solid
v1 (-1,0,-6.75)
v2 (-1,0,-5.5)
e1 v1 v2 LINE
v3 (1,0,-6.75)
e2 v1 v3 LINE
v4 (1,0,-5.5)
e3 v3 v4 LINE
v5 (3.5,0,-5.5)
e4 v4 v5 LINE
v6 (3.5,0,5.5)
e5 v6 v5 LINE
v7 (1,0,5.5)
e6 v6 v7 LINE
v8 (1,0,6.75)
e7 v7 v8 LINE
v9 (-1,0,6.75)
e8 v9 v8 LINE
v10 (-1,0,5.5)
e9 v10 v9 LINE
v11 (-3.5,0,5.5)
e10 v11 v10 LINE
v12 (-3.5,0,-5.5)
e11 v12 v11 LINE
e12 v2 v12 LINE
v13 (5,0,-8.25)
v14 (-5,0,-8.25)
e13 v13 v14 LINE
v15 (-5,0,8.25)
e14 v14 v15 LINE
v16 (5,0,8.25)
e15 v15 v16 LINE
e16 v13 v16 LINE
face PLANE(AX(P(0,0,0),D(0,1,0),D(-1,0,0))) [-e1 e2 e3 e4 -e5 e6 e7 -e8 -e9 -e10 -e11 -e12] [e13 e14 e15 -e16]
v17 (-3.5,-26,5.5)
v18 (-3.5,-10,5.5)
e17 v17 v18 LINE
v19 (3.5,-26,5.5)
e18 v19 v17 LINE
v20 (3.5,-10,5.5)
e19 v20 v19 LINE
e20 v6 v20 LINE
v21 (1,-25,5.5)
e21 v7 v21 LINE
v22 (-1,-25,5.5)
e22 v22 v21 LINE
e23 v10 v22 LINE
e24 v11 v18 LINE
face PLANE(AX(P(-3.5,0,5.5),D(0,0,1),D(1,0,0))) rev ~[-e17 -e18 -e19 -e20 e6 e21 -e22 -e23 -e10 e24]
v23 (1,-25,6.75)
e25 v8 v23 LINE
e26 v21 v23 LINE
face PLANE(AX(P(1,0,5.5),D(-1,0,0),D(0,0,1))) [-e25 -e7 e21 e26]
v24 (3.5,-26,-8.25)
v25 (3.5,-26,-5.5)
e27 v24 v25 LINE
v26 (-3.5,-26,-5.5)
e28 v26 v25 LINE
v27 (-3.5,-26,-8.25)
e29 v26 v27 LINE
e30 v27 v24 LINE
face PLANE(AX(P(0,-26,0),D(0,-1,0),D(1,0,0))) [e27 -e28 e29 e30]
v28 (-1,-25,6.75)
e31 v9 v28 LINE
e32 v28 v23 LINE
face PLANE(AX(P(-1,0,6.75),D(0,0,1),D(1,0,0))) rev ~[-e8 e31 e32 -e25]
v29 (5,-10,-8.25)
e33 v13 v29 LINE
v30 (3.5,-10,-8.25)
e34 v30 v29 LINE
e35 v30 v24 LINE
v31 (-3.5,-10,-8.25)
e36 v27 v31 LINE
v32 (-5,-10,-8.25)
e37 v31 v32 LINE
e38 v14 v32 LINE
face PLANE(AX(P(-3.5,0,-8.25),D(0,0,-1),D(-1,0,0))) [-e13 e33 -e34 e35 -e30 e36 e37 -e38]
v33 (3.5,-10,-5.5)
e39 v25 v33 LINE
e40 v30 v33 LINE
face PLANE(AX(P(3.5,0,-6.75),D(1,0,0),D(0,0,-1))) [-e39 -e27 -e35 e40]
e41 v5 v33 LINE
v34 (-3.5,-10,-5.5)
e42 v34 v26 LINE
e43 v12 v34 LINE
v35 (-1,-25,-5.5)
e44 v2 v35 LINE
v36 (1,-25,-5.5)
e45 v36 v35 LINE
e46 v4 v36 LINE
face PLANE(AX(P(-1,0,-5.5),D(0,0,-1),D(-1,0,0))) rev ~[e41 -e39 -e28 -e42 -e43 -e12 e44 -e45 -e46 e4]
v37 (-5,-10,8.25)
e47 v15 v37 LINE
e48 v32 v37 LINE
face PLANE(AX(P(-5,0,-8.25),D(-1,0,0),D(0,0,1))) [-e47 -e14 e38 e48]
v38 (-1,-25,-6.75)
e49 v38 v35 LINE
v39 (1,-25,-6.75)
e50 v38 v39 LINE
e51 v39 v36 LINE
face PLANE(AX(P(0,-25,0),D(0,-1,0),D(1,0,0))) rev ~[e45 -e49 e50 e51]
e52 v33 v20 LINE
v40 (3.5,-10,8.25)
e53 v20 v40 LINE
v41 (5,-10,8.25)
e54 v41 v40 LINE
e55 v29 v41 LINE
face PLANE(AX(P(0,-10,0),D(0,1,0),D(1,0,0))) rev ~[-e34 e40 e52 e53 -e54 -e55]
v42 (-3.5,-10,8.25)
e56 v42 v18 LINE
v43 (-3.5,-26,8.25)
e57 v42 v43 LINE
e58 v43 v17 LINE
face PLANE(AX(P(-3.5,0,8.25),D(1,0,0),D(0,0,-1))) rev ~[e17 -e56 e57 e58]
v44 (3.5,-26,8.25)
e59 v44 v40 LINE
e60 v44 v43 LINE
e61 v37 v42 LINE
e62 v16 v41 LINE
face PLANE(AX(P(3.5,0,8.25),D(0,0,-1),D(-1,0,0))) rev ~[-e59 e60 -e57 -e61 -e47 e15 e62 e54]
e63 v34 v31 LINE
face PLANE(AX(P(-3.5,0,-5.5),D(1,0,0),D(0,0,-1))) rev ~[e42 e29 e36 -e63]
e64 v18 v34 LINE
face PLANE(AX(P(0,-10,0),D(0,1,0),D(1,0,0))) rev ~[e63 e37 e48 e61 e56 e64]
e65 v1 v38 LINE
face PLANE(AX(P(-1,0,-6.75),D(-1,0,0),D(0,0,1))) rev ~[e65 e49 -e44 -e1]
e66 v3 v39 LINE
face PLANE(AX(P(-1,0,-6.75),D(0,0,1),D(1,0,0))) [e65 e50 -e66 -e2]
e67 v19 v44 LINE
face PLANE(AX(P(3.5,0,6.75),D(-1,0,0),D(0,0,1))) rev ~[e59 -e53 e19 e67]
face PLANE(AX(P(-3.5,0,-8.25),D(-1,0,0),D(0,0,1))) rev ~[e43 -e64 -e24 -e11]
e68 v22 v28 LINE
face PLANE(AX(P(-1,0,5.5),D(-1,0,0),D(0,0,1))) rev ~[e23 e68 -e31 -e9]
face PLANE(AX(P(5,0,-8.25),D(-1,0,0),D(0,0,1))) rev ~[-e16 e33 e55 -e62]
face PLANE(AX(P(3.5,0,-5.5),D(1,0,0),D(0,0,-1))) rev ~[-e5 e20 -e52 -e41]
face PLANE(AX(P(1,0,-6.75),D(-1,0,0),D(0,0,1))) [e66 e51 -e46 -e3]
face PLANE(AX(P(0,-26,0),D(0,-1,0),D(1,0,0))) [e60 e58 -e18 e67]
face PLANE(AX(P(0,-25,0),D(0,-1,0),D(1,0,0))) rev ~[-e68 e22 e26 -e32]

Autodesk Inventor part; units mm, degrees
ref_plane "YZ Plane" through (0, 0, 0) normal (1, 0, 0) x (0, 1, 0)
ref_plane "XZ Plane" through (0, 0, 0) normal (0, 1, 0) x (-1, 0, 0)
ref_plane "XY Plane" through (0, 0, 0) normal (0, 0, 1) x (1, 0, 0)
sketch "Sketch1" plane through (0, 0, 0) normal (0, 1, 0) x (-1, 0, 0)
  line L0 (1, 6.75) -> (3.5, 6.75)
  line L1 (3.5, 6.75) -> (3.5, 5.5)
  line L2 (3.5, 5.5) -> (1, 5.5)
  line L3 (1, 5.5) -> (1, 6.75)
  line L4 (1, 6.75) -> (3.5, 5.5) construction
  line L5 (3.5, 6.75) -> (1, 5.5) construction
  line L6 (1, -5.5) -> (3.5, -5.5)
  line L7 (3.5, -5.5) -> (3.5, -6.75)
  line L8 (3.5, -6.75) -> (1, -6.75)
  line L9 (1, -6.75) -> (1, -5.5)
  line L10 (1, -5.5) -> (3.5, -6.75) construction
  line L11 (3.5, -5.5) -> (1, -6.75) construction
  line L12 (-1, 6.75) -> (-3.5, 6.75)
  line L13 (-3.5, 6.75) -> (-3.5, 5.5)
  line L14 (-3.5, 5.5) -> (-1, 5.5)
  line L15 (-1, 5.5) -> (-1, 6.75)
  line L16 (-1, 6.75) -> (-3.5, 5.5) construction
  line L17 (-3.5, 6.75) -> (-1, 5.5) construction
  line L18 (-1, -5.5) -> (-3.5, -5.5)
  line L19 (-3.5, -5.5) -> (-3.5, -6.75)
  line L20 (-3.5, -6.75) -> (-1, -6.75)
  line L21 (-1, -6.75) -> (-1, -5.5)
  line L22 (-1, -5.5) -> (-3.5, -6.75) construction
  line L23 (-3.5, -5.5) -> (-1, -6.75) construction
  line L24 (3.5, -6.75) -> (-3.5, -6.75)
  line L25 (-3.5, -6.75) -> (-3.5, -8.25)
  line L26 (-3.5, -8.25) -> (3.5, -8.25)
  line L27 (3.5, -8.25) -> (3.5, -6.75)
  line L28 (3.5, 6.75) -> (-3.5, 6.75)
  line L29 (-3.5, 6.75) -> (-3.5, 8.25)
  line L30 (-3.5, 8.25) -> (3.5, 8.25)
  line L31 (3.5, 8.25) -> (3.5, 6.75)
  point P0 (0, 0)
  point P1 (2.25, 6.125)
  point P2 (2.25, -6.125)
  point P3 (-2.25, 6.125)
  point P4 (-2.25, -6.125)
  point P5 (2.25, 6.125)
  point P6 (2.25, -6.125)
  point P7 (-2.25, 6.125)
  point P8 (-2.25, -6.125)
  point P9 (2.25, -6.125)
  point P10 (-2.25, -6.125)
  point P11 (2.25, 6.125)
  point P12 (-2.25, 6.125)
  dimension "d0" = 2
  dimension "d1" = 11
  dimension "d2" = 5.5
  dimension "d3" = 1
  dimension "d5" = 2.5
  dimension "d6" = 13.5
  dimension "d7" = 1.5
extrude "Extrusion1" add sketch "Sketch1" against normal blind 25
sketch "Sketch2" plane through (0, 0, 0) normal (0, 1, 0) x (1, 0, 0)
  line L0 (3.5, 5.5) -> (3.5, 8.25) projected
  line L1 (3.5, 8.25) -> (5, 8.25)
  line L2 (5, 8.25) -> (5, -8.25)
  line L3 (5, -8.25) -> (3.5, -8.25)
  line L4 (3.5, -8.25) -> (3.5, 8.25)
  line L5 (-3.5, 8.25) -> (-3.5, 5.5) projected
  line L6 (-3.5, 8.25) -> (-5, 8.25)
  line L7 (-5, 8.25) -> (-5, -8.25)
  line L8 (-5, -8.25) -> (-3.5, -8.25)
  line L9 (-3.5, -8.25) -> (-3.5, 8.25)
  point P0 (0, 0)
  dimension "d10" = 1.5
extrude "Extrusion2" add sketch "Sketch2" against normal blind 10
sketch "Sketch3" plane through (0, -25, 0) normal (0, -1, 0) x (1, 0, 0)
  line L0 (-3.5, 5.5) -> (-1, 5.5) projected
  line L1 (3.5, 5.5) -> (3.5, 8.25) projected
  line L2 (-3.5, 5.5) -> (3.5, 5.5)
  line L3 (3.5, 5.5) -> (3.5, 8.25)
  line L4 (3.5, 8.25) -> (-3.5, 8.25)
  line L5 (-3.5, 8.25) -> (-3.5, 5.5)
  line L6 (3.5, -5.5) -> (1, -5.5) projected
  line L7 (-3.5, -5.5) -> (-3.5, -8.25) projected
  line L8 (3.5, -5.5) -> (-3.5, -5.5)
  line L9 (-3.5, -5.5) -> (-3.5, -8.25)
  line L10 (-3.5, -8.25) -> (3.5, -8.25)
  line L11 (3.5, -8.25) -> (3.5, -5.5)
  point P0 (0, 0)
extrude "Extrusion3" add sketch "Sketch3" along normal blind 1
equation "\"d2\" = 0.5 * d1"
equation "\"d3\" = 0.5 * d0"
properties part number "Colorimeter_Mounting-Tool"
